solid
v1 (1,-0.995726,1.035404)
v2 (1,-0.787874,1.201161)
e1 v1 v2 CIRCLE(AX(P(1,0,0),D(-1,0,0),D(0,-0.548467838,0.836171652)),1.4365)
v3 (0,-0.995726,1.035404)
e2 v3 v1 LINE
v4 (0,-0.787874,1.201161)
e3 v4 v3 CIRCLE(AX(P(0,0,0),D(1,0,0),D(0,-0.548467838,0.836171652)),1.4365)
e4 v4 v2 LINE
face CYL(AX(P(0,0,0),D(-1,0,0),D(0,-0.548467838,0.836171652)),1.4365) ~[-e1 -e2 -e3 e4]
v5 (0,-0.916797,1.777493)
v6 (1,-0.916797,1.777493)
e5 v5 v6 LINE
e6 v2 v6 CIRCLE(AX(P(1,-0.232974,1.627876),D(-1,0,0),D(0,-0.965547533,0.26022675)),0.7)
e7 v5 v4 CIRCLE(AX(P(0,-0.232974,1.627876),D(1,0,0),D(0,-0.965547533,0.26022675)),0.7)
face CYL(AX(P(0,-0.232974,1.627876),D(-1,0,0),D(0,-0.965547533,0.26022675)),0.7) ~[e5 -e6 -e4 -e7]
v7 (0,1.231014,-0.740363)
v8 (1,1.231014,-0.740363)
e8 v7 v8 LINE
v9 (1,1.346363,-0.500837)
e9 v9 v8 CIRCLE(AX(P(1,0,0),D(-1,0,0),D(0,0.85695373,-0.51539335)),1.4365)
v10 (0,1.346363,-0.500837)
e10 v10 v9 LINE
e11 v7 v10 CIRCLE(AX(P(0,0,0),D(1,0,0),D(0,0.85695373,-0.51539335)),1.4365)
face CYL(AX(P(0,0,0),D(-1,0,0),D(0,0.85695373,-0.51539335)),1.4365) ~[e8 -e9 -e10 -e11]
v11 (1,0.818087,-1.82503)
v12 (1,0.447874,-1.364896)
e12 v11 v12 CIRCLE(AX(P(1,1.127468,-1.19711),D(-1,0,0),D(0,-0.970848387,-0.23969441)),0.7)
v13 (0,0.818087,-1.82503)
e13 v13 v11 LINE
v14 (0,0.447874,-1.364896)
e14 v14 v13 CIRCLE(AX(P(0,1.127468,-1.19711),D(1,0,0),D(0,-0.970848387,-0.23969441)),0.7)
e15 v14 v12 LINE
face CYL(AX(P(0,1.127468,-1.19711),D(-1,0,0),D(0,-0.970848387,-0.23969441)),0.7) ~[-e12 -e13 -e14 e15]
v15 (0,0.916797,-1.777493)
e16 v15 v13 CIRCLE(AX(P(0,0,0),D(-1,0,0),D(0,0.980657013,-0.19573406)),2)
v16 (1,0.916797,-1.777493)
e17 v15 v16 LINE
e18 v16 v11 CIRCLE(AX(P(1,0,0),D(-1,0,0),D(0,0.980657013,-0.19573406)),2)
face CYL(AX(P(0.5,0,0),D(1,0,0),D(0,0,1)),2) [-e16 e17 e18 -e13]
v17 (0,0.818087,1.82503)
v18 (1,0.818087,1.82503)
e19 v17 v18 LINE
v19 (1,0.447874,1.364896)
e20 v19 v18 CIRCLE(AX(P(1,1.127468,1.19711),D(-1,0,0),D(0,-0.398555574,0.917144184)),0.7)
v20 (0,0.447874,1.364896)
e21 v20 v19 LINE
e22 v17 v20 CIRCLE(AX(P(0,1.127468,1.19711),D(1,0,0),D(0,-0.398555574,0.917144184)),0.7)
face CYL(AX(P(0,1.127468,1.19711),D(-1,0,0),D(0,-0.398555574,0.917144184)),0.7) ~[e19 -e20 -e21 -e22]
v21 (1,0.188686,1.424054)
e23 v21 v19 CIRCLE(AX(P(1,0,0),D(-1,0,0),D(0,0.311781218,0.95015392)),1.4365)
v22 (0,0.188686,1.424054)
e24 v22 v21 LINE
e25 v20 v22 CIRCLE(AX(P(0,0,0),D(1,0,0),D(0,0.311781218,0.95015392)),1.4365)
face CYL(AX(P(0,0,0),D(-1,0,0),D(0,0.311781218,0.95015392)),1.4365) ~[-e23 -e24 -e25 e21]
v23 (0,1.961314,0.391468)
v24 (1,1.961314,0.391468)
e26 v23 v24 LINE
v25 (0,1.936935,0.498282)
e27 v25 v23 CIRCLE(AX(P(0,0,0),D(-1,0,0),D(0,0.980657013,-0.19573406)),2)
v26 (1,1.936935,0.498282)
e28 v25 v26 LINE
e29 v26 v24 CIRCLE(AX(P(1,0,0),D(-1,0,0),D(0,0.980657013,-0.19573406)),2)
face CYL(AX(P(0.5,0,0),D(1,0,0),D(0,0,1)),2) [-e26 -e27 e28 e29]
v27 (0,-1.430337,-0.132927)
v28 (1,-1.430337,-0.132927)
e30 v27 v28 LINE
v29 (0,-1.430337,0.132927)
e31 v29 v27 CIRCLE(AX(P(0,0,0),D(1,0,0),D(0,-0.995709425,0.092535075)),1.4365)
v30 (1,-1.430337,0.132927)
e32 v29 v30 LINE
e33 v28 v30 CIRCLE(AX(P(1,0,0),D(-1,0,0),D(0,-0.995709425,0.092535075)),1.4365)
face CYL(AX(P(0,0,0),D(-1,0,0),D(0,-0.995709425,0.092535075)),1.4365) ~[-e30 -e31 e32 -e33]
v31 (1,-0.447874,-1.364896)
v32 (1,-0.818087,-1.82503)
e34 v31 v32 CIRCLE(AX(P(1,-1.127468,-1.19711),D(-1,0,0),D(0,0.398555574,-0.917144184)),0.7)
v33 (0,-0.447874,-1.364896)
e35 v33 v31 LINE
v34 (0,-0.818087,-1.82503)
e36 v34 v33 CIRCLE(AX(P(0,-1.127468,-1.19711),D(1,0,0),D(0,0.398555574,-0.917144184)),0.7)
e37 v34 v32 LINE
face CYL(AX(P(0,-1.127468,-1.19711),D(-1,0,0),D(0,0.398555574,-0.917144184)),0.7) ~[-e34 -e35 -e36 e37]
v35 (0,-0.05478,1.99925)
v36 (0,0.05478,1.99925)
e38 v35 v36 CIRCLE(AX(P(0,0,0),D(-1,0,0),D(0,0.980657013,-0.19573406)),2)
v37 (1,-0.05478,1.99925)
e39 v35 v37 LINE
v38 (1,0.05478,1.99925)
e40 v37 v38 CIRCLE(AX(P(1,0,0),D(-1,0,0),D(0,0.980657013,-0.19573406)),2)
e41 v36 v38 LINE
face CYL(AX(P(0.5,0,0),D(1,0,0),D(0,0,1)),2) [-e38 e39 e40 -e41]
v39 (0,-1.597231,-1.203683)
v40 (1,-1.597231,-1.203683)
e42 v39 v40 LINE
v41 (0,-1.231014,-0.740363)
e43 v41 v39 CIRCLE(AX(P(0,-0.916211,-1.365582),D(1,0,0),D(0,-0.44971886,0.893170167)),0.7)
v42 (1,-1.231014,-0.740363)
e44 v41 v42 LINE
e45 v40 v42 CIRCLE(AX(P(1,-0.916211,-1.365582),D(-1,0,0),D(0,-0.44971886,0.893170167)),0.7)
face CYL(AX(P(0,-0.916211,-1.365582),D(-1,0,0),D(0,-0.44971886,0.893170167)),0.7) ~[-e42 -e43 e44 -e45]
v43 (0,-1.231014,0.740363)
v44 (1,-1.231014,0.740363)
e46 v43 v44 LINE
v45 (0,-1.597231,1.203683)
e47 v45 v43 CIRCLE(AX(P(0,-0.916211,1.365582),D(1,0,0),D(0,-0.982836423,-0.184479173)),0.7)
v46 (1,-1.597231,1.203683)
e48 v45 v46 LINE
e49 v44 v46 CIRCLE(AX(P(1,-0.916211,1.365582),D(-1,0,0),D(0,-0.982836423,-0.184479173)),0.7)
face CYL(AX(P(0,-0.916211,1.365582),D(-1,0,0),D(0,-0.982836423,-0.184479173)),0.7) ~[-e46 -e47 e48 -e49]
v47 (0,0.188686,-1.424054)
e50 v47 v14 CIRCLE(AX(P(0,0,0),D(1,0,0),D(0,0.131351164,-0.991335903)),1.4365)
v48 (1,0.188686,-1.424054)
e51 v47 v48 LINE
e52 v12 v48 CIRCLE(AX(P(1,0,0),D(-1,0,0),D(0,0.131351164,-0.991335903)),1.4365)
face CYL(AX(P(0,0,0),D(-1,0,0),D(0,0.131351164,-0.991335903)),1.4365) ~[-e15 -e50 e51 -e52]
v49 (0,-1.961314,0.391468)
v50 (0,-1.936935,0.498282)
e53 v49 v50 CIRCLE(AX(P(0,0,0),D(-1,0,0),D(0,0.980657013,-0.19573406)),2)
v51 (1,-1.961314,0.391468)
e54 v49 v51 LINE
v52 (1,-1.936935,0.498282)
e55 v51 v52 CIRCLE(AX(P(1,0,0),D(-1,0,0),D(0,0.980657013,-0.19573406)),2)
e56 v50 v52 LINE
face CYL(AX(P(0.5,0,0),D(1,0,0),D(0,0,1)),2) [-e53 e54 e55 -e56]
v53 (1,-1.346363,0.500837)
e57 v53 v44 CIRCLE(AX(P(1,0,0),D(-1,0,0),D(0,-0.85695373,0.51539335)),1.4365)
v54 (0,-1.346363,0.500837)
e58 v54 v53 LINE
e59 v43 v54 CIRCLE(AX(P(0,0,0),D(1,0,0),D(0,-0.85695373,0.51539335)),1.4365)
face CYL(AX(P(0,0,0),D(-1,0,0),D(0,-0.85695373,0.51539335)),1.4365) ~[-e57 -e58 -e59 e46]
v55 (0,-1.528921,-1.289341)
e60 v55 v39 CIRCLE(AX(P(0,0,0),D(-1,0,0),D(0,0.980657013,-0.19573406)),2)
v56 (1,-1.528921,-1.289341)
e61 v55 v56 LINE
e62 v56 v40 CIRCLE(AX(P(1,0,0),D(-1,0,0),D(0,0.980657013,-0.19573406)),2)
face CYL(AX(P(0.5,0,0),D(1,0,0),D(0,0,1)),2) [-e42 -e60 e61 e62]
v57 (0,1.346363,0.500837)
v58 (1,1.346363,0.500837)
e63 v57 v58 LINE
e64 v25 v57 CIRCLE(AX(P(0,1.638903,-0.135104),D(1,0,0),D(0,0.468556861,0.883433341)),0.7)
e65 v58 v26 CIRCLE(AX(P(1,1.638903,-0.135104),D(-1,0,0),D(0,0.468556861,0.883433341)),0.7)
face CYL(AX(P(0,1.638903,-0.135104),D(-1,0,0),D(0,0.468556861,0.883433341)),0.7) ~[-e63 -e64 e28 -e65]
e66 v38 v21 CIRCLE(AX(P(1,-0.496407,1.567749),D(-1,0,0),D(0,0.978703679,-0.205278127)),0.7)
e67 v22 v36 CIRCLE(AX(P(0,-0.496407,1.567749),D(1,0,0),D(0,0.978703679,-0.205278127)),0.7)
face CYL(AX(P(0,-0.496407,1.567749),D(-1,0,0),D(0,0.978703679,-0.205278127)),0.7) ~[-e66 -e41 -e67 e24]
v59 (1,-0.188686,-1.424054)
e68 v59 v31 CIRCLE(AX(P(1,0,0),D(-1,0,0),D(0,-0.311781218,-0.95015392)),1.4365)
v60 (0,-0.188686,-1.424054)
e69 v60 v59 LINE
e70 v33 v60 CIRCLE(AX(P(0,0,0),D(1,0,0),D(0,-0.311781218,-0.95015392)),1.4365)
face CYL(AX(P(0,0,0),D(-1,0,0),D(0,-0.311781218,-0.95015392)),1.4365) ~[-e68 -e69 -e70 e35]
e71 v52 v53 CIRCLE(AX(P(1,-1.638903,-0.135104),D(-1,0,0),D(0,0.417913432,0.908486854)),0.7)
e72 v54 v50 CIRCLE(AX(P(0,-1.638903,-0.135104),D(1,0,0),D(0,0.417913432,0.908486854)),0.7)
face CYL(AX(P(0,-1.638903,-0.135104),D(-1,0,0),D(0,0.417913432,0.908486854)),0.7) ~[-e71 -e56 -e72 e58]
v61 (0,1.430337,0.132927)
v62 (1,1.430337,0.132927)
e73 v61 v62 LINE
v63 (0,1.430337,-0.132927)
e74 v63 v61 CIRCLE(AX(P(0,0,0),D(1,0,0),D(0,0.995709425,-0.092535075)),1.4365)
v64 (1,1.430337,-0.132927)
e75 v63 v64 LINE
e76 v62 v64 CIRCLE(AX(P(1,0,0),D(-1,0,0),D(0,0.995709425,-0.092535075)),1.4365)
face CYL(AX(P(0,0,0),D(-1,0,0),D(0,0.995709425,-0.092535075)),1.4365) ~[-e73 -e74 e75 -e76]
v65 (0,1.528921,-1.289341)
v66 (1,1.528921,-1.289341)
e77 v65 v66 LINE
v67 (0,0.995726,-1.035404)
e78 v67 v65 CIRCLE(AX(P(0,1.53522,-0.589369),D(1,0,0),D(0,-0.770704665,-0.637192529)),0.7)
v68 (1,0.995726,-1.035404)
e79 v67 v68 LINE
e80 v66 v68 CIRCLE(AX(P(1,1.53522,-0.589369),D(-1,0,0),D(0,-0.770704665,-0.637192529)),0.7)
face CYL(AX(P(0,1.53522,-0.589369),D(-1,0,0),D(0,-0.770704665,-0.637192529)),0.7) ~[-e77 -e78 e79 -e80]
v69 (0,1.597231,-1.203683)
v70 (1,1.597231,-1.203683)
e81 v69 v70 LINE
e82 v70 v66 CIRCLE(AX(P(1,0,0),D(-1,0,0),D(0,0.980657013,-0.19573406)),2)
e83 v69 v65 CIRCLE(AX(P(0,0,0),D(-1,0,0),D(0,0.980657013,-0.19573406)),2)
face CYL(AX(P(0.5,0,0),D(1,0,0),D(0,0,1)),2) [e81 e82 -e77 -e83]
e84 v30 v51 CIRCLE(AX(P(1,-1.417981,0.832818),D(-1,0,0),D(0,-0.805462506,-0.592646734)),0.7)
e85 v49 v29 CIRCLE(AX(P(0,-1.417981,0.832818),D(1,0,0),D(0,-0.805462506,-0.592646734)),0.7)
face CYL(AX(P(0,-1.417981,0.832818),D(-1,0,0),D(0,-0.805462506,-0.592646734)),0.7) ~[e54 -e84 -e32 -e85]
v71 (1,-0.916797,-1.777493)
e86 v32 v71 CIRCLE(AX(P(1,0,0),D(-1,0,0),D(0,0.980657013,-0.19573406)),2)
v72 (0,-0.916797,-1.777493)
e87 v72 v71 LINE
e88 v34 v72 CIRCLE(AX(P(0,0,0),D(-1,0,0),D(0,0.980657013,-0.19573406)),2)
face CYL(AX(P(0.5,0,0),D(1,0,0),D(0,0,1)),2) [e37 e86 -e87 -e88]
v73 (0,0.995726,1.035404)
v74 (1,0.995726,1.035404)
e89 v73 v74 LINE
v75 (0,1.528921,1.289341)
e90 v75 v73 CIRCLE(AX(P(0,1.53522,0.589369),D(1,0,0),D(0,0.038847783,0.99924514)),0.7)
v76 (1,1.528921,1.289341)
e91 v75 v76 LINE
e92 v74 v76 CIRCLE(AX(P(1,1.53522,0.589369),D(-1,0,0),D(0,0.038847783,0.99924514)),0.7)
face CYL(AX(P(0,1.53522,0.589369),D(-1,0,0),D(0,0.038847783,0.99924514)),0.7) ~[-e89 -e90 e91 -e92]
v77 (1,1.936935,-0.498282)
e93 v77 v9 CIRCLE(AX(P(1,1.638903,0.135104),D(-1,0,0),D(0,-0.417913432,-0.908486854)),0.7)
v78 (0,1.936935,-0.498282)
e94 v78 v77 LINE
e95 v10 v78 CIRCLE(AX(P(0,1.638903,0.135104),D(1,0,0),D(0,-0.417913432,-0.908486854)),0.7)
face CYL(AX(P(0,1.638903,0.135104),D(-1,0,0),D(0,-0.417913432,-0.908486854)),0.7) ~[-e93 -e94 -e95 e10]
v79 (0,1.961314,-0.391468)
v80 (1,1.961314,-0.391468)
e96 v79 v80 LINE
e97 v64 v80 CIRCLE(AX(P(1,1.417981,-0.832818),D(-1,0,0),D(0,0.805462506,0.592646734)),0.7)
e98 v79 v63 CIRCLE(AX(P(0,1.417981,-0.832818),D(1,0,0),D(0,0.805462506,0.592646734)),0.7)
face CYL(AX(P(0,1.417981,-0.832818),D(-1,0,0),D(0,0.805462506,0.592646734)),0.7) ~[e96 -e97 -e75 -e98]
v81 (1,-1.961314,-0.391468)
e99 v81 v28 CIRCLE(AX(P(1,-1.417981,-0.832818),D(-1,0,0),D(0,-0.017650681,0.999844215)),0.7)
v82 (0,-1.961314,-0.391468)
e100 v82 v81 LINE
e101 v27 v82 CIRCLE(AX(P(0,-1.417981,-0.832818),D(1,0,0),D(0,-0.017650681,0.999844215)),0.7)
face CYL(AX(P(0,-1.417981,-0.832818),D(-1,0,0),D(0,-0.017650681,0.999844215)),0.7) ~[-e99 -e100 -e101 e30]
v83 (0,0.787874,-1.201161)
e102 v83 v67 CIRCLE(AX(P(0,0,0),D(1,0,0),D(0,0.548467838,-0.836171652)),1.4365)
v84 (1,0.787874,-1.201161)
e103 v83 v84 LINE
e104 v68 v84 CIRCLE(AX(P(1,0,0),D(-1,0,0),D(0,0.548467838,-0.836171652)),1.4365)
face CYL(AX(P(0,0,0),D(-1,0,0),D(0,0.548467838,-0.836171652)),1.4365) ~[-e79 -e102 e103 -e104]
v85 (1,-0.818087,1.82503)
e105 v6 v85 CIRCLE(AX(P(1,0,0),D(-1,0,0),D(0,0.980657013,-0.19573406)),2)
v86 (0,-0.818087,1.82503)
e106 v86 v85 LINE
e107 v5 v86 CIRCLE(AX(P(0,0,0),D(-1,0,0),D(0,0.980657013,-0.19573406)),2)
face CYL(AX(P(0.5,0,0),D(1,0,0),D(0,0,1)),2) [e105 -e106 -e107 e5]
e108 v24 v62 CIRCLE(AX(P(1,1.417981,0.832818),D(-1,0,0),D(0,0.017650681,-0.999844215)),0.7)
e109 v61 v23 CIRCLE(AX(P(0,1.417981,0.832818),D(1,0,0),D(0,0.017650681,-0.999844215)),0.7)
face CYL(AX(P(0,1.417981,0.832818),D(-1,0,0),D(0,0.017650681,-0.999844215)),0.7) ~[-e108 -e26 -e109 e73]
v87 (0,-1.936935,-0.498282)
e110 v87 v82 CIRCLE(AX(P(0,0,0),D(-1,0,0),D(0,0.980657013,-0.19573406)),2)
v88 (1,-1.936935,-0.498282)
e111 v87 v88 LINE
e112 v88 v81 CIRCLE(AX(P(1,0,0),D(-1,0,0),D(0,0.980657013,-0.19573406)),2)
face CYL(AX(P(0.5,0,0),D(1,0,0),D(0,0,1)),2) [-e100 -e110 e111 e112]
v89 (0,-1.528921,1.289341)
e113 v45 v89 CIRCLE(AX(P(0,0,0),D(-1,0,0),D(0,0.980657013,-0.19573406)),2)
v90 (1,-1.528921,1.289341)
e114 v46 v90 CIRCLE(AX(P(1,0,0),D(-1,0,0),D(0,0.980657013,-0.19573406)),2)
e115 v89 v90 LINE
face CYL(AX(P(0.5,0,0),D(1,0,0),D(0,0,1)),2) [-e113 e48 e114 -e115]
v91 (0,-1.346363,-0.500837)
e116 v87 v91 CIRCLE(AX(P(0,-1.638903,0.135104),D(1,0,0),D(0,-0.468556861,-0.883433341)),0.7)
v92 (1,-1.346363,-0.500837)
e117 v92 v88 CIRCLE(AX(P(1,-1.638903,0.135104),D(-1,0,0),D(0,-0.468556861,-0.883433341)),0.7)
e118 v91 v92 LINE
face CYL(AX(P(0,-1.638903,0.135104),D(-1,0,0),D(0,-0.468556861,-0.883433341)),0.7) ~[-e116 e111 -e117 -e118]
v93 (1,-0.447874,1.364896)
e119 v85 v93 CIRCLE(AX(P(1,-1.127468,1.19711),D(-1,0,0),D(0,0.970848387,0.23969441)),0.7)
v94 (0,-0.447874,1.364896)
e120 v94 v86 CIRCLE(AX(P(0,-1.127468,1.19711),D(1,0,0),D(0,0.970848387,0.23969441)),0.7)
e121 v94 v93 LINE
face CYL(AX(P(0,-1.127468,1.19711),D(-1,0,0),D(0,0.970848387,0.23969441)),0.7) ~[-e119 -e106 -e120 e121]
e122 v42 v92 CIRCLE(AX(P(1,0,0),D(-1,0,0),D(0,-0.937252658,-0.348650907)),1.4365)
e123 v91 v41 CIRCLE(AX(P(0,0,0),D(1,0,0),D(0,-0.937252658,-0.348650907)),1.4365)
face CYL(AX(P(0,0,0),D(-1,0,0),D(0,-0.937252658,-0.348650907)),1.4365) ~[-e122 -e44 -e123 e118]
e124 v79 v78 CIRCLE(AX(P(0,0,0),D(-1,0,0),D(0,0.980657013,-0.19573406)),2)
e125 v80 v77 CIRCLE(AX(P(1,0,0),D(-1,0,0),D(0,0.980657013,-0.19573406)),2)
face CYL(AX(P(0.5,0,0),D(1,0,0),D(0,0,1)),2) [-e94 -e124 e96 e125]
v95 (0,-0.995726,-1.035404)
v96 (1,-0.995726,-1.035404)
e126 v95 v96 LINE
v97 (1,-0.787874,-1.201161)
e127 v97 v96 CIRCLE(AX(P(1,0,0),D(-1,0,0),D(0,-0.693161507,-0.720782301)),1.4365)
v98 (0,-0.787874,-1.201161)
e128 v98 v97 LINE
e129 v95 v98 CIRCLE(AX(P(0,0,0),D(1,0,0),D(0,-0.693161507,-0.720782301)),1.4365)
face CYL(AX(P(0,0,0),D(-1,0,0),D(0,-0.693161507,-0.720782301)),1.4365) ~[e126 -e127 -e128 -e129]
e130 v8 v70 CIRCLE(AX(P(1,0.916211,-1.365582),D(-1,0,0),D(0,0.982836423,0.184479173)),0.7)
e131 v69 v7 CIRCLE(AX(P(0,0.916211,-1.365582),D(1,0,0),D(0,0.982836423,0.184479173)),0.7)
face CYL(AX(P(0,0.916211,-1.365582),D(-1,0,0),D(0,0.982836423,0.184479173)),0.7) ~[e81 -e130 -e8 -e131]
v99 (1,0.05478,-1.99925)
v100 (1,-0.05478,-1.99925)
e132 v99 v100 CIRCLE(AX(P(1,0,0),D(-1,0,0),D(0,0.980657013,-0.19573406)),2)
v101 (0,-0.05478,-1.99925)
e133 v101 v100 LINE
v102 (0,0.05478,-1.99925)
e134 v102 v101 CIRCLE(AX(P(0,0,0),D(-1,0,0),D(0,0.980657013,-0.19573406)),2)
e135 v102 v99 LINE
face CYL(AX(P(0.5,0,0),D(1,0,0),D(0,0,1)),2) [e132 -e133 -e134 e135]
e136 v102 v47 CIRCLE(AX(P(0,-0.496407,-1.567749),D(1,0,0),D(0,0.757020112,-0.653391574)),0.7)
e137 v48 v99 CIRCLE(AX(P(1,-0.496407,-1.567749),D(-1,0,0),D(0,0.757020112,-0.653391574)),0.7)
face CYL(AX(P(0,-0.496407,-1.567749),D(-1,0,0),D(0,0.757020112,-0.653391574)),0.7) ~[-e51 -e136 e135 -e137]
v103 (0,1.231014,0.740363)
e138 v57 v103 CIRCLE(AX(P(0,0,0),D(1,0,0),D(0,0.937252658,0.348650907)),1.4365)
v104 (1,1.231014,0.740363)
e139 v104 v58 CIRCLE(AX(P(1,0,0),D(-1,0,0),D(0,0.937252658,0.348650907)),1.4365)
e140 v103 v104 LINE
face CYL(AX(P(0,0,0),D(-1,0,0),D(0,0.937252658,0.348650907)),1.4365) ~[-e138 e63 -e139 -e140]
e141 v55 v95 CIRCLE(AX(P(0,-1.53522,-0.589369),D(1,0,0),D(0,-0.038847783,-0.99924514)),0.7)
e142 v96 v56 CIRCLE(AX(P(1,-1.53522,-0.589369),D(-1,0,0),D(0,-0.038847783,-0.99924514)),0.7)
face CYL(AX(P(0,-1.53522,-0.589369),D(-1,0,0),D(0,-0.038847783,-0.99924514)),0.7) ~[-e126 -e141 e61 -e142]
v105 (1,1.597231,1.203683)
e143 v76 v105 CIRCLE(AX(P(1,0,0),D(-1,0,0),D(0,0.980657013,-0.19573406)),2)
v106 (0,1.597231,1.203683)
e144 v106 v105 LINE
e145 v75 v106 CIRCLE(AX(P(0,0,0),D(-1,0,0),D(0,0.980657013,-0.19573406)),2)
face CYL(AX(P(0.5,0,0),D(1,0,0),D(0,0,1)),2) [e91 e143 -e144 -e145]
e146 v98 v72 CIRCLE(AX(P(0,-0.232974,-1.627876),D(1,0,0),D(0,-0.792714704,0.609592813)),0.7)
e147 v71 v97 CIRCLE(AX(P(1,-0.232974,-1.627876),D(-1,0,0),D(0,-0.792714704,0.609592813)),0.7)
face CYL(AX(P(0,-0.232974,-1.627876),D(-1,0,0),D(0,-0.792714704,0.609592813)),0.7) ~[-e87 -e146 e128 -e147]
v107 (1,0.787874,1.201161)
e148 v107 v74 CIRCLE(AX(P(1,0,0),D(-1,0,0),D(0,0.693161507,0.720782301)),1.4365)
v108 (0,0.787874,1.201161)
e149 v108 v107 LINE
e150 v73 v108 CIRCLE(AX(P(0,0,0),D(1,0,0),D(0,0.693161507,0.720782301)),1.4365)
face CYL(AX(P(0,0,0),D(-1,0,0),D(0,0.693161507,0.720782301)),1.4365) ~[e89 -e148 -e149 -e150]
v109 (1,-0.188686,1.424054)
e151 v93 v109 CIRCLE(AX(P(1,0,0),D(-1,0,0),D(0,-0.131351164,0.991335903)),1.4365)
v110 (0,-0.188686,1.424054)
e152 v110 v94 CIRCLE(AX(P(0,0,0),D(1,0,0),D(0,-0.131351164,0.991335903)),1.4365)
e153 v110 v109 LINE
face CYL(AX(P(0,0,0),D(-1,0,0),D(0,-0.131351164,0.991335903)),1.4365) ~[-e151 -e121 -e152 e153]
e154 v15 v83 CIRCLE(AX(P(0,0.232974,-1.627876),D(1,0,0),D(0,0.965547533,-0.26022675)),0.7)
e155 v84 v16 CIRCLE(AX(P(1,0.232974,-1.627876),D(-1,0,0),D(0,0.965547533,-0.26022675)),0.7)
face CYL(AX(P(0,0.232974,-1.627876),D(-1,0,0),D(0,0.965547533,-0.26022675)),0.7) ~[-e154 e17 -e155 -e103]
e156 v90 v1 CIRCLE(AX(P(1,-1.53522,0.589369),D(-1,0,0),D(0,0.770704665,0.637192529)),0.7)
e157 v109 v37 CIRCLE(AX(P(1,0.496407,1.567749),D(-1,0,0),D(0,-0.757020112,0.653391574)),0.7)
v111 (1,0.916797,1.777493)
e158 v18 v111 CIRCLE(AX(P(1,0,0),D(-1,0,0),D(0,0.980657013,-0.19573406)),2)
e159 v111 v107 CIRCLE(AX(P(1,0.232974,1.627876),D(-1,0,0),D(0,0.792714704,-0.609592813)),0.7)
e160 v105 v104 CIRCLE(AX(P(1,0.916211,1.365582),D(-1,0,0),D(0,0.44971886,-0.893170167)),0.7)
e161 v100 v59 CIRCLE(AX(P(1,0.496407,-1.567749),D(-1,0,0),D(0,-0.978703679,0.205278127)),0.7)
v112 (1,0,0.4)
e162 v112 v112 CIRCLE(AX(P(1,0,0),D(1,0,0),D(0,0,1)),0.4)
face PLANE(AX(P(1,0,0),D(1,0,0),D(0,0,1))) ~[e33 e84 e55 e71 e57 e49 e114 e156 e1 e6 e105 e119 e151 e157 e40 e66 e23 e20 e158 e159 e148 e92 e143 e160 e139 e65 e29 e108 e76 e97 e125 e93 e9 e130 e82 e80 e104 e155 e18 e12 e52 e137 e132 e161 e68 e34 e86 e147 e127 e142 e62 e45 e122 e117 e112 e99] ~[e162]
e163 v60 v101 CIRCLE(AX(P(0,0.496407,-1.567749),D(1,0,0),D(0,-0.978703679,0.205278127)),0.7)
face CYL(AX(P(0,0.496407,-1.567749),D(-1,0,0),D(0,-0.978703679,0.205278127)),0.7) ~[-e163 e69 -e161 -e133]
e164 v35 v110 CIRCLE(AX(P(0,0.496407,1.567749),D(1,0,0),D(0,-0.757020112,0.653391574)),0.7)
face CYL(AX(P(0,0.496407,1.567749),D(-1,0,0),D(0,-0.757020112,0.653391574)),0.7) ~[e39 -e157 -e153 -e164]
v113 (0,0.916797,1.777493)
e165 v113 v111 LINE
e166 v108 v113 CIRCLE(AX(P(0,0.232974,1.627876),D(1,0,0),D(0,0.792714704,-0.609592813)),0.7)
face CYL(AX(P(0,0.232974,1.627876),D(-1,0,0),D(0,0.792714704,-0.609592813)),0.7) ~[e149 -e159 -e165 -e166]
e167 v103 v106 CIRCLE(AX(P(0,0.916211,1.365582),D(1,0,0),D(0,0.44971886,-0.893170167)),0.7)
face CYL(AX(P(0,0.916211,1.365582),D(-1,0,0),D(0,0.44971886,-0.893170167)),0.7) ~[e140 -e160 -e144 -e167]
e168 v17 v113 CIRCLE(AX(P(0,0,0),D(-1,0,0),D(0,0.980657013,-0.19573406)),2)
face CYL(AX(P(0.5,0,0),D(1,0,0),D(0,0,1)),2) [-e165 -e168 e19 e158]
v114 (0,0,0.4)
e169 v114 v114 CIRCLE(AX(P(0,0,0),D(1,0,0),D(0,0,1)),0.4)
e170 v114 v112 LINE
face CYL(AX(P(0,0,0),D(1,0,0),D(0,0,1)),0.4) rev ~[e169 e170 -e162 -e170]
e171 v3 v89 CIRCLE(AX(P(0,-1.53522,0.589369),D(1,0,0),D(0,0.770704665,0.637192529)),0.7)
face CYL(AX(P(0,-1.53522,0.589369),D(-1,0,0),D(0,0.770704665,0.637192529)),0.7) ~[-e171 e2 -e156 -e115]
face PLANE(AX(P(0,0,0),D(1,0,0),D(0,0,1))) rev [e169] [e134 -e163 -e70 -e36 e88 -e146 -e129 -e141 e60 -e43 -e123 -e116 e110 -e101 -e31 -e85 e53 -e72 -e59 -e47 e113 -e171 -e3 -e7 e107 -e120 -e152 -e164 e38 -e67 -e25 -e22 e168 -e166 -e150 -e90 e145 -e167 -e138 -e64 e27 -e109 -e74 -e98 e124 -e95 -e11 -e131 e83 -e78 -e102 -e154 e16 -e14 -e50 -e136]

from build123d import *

# Parameters (mm, degrees)
BASPROSKE_W     = 1
BASPROSKE_H     = 2
TOOTHCUT_DEPTH  = 4
TEETHCUTS_COUNT = 14
TEETHCUTS_ANGLE = 334.285714286
BORSKE_R        = 0.4
BORE_DEPTH      = 50.0000508


with BuildPart() as part:
    # BasProSke → Base-Revolve (revolve)
    with BuildSketch(Plane(origin=(0, 0, 0), x_dir=(1, 0, 0), z_dir=(0, 1, 0)), mode=Mode.PRIVATE) as base_revolve_sk:
        with Locations((0.5, 1)):
            Rectangle(BASPROSKE_W, BASPROSKE_H)
    revolve(base_revolve_sk.sketch.rotate(Axis((-10, 0, 0), (1, 0, 0)), 180), axis=Axis((-10, 0, 0), (1, 0, 0)))

    # TooCutSke → ToothCut (cut, through all)
    with BuildSketch(Plane(origin=(0, 0, 0), x_dir=(0, 0, -1), z_dir=(1, 0, 0))):
        with BuildLine():
            ThreePointArc((0.132926628, 1.43033659), (0, 1.4365), (-0.132926628, 1.43033659))
            ThreePointArc((-0.132926628, 1.43033659), (-0.210971396, 1.739395683), (-0.417964864, 1.981804867))
            ThreePointArc((-0.417964864, 1.981804867), (0, 2.0254), (0.417964864, 1.981804867))
            ThreePointArc((0.417964864, 1.981804867), (0.210971396, 1.739395683), (0.132926628, 1.43033659))
        make_face()
    toothcut = extrude(amount=TOOTHCUT_DEPTH, mode=Mode.SUBTRACT)

    # TeethCuts: ToothCut ×14 about axis
    teethcuts_axis = Axis((-10, 0, 0), (1, 0, 0))
    for i in range(1, TEETHCUTS_COUNT):
        add(toothcut.rotate(teethcuts_axis, i * TEETHCUTS_ANGLE / (TEETHCUTS_COUNT - 1)), mode=Mode.SUBTRACT)

    # BorSke → Bore (cut, symmetric)
    with BuildSketch(Plane(origin=(0, 0, 0), x_dir=(0, 0, -1), z_dir=(1, 0, 0))):
        with Locations(Location((0, 0, 0), (0, 0, 180))):
            Circle(BORSKE_R)
    extrude(amount=BORE_DEPTH, both=True, mode=Mode.SUBTRACT)


solid = part.part
